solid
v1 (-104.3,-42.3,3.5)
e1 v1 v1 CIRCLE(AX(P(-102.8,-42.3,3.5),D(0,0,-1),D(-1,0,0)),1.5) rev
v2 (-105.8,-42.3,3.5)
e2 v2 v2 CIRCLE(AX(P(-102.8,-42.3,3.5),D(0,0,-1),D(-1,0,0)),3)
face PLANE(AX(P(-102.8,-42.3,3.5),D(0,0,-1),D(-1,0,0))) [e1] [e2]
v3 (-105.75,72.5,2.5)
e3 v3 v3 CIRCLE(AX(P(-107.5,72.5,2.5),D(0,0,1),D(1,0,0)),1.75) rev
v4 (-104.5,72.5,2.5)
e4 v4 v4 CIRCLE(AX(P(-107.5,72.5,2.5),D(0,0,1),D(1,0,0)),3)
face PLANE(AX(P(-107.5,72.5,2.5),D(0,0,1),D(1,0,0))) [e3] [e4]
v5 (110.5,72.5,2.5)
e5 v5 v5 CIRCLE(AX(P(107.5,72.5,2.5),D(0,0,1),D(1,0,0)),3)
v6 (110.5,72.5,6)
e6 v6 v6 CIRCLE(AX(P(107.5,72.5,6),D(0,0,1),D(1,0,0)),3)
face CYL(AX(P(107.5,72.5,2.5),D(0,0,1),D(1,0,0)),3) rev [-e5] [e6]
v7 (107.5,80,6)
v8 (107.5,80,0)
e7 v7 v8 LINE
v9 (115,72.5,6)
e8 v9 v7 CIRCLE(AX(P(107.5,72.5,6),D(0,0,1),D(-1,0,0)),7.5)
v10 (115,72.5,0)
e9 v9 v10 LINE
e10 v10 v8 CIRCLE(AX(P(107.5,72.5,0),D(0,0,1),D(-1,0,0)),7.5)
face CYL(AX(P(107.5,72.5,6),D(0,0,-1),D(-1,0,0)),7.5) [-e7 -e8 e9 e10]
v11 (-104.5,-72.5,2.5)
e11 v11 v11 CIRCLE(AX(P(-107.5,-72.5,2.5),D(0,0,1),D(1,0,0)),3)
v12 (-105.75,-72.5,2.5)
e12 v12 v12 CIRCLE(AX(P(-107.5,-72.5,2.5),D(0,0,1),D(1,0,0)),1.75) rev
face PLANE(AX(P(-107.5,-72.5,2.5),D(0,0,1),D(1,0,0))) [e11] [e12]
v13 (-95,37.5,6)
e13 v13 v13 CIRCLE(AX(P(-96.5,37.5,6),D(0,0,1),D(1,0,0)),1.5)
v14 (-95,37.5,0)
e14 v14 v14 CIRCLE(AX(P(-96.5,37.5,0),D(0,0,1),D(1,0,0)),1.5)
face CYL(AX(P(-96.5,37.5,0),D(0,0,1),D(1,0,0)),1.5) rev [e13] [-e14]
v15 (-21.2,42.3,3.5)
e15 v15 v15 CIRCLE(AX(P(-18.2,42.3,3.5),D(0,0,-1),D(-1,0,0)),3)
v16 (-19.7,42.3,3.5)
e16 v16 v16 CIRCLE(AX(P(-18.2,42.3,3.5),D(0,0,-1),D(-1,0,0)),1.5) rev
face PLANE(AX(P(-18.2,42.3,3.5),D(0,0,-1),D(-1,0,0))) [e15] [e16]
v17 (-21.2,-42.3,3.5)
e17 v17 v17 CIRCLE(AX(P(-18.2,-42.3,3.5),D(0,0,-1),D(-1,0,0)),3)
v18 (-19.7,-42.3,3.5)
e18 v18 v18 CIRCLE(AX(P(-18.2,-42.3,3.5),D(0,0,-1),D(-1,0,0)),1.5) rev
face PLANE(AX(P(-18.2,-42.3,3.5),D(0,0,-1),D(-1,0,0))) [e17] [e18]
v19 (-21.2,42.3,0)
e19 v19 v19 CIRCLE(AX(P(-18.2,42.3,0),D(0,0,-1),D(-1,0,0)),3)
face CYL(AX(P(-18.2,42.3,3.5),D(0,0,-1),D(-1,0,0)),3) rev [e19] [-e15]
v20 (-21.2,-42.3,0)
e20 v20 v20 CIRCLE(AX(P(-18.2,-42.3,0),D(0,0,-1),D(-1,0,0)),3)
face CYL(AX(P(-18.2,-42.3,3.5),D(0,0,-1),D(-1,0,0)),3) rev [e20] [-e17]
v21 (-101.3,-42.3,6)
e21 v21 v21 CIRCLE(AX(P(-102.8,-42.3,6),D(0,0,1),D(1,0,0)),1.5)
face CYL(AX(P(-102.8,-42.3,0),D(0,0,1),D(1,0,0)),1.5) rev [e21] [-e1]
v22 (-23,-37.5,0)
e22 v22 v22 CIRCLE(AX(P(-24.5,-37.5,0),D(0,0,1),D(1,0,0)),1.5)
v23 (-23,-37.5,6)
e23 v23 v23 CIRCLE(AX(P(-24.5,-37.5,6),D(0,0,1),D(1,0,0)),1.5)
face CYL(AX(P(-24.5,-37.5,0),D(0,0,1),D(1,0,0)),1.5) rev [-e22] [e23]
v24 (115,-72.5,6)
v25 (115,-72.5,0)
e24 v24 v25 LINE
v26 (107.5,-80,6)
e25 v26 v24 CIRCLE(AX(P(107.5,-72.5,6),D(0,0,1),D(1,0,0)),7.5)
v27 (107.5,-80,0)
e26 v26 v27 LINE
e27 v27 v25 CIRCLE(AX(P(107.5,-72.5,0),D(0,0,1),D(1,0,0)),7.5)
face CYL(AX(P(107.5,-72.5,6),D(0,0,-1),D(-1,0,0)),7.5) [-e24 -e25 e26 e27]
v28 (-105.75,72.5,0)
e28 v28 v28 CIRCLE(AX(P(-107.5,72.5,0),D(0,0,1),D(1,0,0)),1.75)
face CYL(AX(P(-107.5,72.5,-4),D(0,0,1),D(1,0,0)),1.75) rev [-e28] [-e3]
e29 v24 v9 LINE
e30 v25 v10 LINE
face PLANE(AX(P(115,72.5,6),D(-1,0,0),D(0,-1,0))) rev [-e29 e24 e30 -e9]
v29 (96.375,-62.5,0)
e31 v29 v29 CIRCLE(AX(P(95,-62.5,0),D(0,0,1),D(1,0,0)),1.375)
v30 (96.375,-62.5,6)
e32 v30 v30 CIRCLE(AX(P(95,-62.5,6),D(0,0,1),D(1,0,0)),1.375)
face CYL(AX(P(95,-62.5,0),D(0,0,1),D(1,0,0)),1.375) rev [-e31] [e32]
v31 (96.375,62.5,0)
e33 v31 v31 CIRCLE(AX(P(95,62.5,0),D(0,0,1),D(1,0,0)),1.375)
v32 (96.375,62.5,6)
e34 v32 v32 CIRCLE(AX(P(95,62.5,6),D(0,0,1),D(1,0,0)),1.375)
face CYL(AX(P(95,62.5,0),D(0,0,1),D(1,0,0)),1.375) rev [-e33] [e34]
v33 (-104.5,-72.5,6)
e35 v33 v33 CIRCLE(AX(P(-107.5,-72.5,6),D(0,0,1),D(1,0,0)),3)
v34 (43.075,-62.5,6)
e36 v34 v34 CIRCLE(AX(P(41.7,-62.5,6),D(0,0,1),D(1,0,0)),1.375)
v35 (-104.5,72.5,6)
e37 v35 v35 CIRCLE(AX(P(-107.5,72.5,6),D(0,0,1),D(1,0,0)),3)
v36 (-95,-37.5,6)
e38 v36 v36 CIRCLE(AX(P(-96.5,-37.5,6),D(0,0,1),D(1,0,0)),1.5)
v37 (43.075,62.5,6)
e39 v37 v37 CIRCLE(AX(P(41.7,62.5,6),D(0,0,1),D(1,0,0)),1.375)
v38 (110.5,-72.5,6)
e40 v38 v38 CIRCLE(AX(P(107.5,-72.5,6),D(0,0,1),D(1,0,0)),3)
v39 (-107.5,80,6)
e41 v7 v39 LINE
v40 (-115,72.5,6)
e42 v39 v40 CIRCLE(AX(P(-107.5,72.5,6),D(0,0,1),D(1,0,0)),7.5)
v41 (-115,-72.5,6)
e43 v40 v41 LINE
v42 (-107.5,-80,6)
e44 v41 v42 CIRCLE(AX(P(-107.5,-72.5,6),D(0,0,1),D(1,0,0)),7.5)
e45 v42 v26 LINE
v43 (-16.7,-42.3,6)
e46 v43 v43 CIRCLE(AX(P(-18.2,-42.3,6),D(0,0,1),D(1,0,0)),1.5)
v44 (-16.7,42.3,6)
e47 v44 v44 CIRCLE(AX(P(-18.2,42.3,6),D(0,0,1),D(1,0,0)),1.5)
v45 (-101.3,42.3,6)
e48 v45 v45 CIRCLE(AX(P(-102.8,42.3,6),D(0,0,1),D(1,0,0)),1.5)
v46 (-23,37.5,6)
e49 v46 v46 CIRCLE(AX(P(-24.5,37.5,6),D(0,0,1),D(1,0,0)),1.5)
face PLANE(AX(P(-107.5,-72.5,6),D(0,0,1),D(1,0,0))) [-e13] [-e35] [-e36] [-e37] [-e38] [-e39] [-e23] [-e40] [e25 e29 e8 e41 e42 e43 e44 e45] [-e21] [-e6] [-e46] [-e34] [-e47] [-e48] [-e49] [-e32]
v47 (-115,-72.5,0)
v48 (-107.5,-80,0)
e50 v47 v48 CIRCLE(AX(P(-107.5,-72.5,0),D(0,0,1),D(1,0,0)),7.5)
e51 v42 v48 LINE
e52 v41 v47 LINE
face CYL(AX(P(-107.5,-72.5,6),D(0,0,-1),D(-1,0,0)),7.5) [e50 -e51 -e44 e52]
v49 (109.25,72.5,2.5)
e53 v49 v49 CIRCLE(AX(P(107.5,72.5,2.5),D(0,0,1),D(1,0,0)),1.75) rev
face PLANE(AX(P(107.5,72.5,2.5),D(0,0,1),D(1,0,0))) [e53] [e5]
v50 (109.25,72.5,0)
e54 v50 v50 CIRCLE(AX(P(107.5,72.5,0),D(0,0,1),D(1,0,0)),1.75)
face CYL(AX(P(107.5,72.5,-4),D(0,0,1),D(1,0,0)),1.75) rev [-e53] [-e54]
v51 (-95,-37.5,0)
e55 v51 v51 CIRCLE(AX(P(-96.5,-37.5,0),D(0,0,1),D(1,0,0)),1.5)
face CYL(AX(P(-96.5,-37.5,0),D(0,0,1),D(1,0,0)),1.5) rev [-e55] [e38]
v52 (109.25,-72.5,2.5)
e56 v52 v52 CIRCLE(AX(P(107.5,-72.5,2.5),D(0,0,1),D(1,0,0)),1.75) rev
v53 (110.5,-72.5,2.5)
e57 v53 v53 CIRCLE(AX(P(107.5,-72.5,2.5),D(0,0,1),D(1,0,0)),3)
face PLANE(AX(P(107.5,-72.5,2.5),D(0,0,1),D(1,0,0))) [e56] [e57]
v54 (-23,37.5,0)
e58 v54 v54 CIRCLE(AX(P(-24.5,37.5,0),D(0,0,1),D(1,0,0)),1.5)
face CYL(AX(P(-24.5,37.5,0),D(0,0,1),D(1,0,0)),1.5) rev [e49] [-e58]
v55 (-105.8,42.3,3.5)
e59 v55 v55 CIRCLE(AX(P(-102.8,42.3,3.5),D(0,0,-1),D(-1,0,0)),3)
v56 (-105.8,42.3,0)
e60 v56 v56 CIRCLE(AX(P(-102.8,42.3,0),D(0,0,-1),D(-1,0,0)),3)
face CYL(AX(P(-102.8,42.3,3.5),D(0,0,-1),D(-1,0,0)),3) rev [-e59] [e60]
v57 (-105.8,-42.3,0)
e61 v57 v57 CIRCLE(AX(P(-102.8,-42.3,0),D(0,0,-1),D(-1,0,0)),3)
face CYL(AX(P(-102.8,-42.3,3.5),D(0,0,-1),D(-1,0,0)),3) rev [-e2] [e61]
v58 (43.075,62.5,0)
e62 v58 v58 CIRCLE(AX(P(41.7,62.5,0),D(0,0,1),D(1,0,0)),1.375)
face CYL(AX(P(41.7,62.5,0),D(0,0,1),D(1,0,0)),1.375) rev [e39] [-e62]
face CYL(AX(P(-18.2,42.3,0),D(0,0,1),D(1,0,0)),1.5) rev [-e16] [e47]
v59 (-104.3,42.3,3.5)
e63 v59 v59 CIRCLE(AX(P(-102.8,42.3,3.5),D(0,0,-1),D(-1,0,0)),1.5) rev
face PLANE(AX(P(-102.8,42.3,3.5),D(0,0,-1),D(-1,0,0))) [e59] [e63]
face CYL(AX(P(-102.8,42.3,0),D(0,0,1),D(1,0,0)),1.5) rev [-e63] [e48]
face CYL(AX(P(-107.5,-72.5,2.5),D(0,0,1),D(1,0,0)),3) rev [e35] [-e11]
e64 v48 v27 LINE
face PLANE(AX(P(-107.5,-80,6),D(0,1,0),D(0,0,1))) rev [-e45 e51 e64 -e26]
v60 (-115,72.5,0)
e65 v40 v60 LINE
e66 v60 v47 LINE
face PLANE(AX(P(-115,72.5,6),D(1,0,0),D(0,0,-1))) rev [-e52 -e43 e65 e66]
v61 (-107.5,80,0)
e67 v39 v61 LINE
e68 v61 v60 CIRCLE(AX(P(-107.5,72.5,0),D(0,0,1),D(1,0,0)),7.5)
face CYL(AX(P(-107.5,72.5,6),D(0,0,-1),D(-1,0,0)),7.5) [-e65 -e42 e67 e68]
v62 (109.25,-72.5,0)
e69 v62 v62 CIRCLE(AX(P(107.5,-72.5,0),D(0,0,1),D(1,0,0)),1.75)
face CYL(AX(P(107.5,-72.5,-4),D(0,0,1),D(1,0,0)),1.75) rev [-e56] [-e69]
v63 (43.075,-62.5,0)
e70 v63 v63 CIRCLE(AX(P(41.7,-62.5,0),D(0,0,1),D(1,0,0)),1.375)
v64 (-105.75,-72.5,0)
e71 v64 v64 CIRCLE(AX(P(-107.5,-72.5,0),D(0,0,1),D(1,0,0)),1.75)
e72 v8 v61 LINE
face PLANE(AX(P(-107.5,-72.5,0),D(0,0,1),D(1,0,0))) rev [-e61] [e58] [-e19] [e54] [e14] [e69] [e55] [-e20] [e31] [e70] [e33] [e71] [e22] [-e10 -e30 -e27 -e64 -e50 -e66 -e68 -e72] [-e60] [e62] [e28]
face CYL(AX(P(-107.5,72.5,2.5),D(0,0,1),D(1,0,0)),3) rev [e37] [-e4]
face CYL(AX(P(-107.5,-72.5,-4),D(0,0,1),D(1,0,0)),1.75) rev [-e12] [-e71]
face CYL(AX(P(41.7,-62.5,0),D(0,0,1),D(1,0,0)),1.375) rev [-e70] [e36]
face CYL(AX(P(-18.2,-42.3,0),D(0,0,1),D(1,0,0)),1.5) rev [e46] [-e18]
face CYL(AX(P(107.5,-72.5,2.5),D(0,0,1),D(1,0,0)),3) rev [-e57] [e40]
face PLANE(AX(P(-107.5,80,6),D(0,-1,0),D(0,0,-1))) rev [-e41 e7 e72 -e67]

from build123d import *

# Parameters (mm, degrees)
BOSS_EXTRUDE1_DEPTH     = 6
SKETCH2_R               = 1.75
CUT_EXTRUDE1_DEPTH      = 10
SKETCH3_R               = 3
CUT_EXTRUDE2_DEPTH      = 3.5
SKETCH4_R               = 1.5
CUT_EXTRUDE3_DEPTH      = 141.2176879
CUT_EXTRUDE4_DEPTH      = 141.2176879
CUT_EXTRUDE4_DEPTH_BACK = 141.2176879
SKETCH5_R               = 1.375
SKETCH7_R               = 1.5
CUT_EXTRUDE6_DEPTH      = 141.2176879
SKETCH8_R               = 3
CUT_EXTRUDE7_DEPTH      = 3.5


with BuildPart() as part:
    # Sketch1 → Boss-Extrude1 (new body)
    with BuildSketch(Plane.XY):
        with BuildLine():
            Line((-107.5, 80), (107.5, 80))
            ThreePointArc((107.5, 80), (112.803300859, 77.803300859), (115, 72.5))
            Line((115, 72.5), (115, -72.5))
            ThreePointArc((115, -72.5), (112.803300859, -77.803300859), (107.5, -80))
            Line((107.5, -80), (-107.5, -80))
            ThreePointArc((-107.5, -80), (-112.803300859, -77.803300859), (-115, -72.5))
            Line((-115, -72.5), (-115, 72.5))
            ThreePointArc((-115, 72.5), (-112.803300859, 77.803300859), (-107.5, 80))
        make_face()
    extrude(amount=BOSS_EXTRUDE1_DEPTH)

    # Sketch2 → Cut-Extrude1 (cut)
    with BuildSketch(Plane.XY.offset(6)):
        with Locations((-107.5, -72.5)):
            Circle(SKETCH2_R)
        with Locations((-107.5, 72.5)):
            Circle(SKETCH2_R)
        with Locations((107.5, -72.5)):
            Circle(SKETCH2_R)
        with Locations((107.5, 72.5)):
            Circle(SKETCH2_R)
    extrude(amount=-CUT_EXTRUDE1_DEPTH, mode=Mode.SUBTRACT)

    # Sketch3 → Cut-Extrude2 (cut)
    with BuildSketch(Plane.XY.offset(6)):
        with Locations((-107.5, -72.5)):
            Circle(SKETCH3_R)
        with Locations((-107.5, 72.5)):
            Circle(SKETCH3_R)
        with Locations((107.5, 72.5)):
            Circle(SKETCH3_R)
        with Locations((107.5, -72.5)):
            Circle(SKETCH3_R)
    extrude(amount=-CUT_EXTRUDE2_DEPTH, mode=Mode.SUBTRACT)

    # Sketch4 → Cut-Extrude3 (cut, through all)
    with BuildSketch(Plane.XY.offset(6)):
        with Locations((-96.5, 37.5)):
            Circle(SKETCH4_R)
        with Locations((-96.5, -37.5)):
            Circle(SKETCH4_R)
        with Locations((-24.5, 37.5)):
            Circle(SKETCH4_R)
        with Locations((-24.5, -37.5)):
            Circle(SKETCH4_R)
    extrude(amount=-CUT_EXTRUDE3_DEPTH, mode=Mode.SUBTRACT)

    # Sketch5 → Cut-Extrude4 (cut, two sides: drawn at the far end of the back side and taken through both)
    with BuildSketch(Plane.XY.offset(6).offset(-CUT_EXTRUDE4_DEPTH_BACK)):
        with Locations((95, -62.5)):
            Circle(SKETCH5_R)
        with Locations((95, 62.5)):
            Circle(SKETCH5_R)
        with Locations((41.7, -62.5)):
            Circle(SKETCH5_R)
        with Locations((41.7, 62.5)):
            Circle(SKETCH5_R)
    extrude(amount=CUT_EXTRUDE4_DEPTH + CUT_EXTRUDE4_DEPTH_BACK, mode=Mode.SUBTRACT)

    # Sketch7 → Cut-Extrude6 (cut, through all)
    with BuildSketch(Plane.XY.offset(6)):
        with Locations((-102.8, 42.3)):
            Circle(SKETCH7_R)
        with Locations((-102.8, -42.3)):
            Circle(SKETCH7_R)
        with Locations((-18.2, -42.3)):
            Circle(SKETCH7_R)
        with Locations((-18.2, 42.3)):
            Circle(SKETCH7_R)
    extrude(amount=-CUT_EXTRUDE6_DEPTH, mode=Mode.SUBTRACT)

    # Sketch8 → Cut-Extrude7 (cut)
    with BuildSketch(Plane(origin=(0, 0, 0), x_dir=(-1, 0, 0), z_dir=(0, 0, -1))):
        with Locations((18.2, 42.3)):
            Circle(SKETCH8_R)
        with Locations((18.2, -42.3)):
            Circle(SKETCH8_R)
        with Locations((102.8, -42.3)):
            Circle(SKETCH8_R)
        with Locations((102.8, 42.3)):
            Circle(SKETCH8_R)
    extrude(amount=-CUT_EXTRUDE7_DEPTH, mode=Mode.SUBTRACT)


solid = part.part
